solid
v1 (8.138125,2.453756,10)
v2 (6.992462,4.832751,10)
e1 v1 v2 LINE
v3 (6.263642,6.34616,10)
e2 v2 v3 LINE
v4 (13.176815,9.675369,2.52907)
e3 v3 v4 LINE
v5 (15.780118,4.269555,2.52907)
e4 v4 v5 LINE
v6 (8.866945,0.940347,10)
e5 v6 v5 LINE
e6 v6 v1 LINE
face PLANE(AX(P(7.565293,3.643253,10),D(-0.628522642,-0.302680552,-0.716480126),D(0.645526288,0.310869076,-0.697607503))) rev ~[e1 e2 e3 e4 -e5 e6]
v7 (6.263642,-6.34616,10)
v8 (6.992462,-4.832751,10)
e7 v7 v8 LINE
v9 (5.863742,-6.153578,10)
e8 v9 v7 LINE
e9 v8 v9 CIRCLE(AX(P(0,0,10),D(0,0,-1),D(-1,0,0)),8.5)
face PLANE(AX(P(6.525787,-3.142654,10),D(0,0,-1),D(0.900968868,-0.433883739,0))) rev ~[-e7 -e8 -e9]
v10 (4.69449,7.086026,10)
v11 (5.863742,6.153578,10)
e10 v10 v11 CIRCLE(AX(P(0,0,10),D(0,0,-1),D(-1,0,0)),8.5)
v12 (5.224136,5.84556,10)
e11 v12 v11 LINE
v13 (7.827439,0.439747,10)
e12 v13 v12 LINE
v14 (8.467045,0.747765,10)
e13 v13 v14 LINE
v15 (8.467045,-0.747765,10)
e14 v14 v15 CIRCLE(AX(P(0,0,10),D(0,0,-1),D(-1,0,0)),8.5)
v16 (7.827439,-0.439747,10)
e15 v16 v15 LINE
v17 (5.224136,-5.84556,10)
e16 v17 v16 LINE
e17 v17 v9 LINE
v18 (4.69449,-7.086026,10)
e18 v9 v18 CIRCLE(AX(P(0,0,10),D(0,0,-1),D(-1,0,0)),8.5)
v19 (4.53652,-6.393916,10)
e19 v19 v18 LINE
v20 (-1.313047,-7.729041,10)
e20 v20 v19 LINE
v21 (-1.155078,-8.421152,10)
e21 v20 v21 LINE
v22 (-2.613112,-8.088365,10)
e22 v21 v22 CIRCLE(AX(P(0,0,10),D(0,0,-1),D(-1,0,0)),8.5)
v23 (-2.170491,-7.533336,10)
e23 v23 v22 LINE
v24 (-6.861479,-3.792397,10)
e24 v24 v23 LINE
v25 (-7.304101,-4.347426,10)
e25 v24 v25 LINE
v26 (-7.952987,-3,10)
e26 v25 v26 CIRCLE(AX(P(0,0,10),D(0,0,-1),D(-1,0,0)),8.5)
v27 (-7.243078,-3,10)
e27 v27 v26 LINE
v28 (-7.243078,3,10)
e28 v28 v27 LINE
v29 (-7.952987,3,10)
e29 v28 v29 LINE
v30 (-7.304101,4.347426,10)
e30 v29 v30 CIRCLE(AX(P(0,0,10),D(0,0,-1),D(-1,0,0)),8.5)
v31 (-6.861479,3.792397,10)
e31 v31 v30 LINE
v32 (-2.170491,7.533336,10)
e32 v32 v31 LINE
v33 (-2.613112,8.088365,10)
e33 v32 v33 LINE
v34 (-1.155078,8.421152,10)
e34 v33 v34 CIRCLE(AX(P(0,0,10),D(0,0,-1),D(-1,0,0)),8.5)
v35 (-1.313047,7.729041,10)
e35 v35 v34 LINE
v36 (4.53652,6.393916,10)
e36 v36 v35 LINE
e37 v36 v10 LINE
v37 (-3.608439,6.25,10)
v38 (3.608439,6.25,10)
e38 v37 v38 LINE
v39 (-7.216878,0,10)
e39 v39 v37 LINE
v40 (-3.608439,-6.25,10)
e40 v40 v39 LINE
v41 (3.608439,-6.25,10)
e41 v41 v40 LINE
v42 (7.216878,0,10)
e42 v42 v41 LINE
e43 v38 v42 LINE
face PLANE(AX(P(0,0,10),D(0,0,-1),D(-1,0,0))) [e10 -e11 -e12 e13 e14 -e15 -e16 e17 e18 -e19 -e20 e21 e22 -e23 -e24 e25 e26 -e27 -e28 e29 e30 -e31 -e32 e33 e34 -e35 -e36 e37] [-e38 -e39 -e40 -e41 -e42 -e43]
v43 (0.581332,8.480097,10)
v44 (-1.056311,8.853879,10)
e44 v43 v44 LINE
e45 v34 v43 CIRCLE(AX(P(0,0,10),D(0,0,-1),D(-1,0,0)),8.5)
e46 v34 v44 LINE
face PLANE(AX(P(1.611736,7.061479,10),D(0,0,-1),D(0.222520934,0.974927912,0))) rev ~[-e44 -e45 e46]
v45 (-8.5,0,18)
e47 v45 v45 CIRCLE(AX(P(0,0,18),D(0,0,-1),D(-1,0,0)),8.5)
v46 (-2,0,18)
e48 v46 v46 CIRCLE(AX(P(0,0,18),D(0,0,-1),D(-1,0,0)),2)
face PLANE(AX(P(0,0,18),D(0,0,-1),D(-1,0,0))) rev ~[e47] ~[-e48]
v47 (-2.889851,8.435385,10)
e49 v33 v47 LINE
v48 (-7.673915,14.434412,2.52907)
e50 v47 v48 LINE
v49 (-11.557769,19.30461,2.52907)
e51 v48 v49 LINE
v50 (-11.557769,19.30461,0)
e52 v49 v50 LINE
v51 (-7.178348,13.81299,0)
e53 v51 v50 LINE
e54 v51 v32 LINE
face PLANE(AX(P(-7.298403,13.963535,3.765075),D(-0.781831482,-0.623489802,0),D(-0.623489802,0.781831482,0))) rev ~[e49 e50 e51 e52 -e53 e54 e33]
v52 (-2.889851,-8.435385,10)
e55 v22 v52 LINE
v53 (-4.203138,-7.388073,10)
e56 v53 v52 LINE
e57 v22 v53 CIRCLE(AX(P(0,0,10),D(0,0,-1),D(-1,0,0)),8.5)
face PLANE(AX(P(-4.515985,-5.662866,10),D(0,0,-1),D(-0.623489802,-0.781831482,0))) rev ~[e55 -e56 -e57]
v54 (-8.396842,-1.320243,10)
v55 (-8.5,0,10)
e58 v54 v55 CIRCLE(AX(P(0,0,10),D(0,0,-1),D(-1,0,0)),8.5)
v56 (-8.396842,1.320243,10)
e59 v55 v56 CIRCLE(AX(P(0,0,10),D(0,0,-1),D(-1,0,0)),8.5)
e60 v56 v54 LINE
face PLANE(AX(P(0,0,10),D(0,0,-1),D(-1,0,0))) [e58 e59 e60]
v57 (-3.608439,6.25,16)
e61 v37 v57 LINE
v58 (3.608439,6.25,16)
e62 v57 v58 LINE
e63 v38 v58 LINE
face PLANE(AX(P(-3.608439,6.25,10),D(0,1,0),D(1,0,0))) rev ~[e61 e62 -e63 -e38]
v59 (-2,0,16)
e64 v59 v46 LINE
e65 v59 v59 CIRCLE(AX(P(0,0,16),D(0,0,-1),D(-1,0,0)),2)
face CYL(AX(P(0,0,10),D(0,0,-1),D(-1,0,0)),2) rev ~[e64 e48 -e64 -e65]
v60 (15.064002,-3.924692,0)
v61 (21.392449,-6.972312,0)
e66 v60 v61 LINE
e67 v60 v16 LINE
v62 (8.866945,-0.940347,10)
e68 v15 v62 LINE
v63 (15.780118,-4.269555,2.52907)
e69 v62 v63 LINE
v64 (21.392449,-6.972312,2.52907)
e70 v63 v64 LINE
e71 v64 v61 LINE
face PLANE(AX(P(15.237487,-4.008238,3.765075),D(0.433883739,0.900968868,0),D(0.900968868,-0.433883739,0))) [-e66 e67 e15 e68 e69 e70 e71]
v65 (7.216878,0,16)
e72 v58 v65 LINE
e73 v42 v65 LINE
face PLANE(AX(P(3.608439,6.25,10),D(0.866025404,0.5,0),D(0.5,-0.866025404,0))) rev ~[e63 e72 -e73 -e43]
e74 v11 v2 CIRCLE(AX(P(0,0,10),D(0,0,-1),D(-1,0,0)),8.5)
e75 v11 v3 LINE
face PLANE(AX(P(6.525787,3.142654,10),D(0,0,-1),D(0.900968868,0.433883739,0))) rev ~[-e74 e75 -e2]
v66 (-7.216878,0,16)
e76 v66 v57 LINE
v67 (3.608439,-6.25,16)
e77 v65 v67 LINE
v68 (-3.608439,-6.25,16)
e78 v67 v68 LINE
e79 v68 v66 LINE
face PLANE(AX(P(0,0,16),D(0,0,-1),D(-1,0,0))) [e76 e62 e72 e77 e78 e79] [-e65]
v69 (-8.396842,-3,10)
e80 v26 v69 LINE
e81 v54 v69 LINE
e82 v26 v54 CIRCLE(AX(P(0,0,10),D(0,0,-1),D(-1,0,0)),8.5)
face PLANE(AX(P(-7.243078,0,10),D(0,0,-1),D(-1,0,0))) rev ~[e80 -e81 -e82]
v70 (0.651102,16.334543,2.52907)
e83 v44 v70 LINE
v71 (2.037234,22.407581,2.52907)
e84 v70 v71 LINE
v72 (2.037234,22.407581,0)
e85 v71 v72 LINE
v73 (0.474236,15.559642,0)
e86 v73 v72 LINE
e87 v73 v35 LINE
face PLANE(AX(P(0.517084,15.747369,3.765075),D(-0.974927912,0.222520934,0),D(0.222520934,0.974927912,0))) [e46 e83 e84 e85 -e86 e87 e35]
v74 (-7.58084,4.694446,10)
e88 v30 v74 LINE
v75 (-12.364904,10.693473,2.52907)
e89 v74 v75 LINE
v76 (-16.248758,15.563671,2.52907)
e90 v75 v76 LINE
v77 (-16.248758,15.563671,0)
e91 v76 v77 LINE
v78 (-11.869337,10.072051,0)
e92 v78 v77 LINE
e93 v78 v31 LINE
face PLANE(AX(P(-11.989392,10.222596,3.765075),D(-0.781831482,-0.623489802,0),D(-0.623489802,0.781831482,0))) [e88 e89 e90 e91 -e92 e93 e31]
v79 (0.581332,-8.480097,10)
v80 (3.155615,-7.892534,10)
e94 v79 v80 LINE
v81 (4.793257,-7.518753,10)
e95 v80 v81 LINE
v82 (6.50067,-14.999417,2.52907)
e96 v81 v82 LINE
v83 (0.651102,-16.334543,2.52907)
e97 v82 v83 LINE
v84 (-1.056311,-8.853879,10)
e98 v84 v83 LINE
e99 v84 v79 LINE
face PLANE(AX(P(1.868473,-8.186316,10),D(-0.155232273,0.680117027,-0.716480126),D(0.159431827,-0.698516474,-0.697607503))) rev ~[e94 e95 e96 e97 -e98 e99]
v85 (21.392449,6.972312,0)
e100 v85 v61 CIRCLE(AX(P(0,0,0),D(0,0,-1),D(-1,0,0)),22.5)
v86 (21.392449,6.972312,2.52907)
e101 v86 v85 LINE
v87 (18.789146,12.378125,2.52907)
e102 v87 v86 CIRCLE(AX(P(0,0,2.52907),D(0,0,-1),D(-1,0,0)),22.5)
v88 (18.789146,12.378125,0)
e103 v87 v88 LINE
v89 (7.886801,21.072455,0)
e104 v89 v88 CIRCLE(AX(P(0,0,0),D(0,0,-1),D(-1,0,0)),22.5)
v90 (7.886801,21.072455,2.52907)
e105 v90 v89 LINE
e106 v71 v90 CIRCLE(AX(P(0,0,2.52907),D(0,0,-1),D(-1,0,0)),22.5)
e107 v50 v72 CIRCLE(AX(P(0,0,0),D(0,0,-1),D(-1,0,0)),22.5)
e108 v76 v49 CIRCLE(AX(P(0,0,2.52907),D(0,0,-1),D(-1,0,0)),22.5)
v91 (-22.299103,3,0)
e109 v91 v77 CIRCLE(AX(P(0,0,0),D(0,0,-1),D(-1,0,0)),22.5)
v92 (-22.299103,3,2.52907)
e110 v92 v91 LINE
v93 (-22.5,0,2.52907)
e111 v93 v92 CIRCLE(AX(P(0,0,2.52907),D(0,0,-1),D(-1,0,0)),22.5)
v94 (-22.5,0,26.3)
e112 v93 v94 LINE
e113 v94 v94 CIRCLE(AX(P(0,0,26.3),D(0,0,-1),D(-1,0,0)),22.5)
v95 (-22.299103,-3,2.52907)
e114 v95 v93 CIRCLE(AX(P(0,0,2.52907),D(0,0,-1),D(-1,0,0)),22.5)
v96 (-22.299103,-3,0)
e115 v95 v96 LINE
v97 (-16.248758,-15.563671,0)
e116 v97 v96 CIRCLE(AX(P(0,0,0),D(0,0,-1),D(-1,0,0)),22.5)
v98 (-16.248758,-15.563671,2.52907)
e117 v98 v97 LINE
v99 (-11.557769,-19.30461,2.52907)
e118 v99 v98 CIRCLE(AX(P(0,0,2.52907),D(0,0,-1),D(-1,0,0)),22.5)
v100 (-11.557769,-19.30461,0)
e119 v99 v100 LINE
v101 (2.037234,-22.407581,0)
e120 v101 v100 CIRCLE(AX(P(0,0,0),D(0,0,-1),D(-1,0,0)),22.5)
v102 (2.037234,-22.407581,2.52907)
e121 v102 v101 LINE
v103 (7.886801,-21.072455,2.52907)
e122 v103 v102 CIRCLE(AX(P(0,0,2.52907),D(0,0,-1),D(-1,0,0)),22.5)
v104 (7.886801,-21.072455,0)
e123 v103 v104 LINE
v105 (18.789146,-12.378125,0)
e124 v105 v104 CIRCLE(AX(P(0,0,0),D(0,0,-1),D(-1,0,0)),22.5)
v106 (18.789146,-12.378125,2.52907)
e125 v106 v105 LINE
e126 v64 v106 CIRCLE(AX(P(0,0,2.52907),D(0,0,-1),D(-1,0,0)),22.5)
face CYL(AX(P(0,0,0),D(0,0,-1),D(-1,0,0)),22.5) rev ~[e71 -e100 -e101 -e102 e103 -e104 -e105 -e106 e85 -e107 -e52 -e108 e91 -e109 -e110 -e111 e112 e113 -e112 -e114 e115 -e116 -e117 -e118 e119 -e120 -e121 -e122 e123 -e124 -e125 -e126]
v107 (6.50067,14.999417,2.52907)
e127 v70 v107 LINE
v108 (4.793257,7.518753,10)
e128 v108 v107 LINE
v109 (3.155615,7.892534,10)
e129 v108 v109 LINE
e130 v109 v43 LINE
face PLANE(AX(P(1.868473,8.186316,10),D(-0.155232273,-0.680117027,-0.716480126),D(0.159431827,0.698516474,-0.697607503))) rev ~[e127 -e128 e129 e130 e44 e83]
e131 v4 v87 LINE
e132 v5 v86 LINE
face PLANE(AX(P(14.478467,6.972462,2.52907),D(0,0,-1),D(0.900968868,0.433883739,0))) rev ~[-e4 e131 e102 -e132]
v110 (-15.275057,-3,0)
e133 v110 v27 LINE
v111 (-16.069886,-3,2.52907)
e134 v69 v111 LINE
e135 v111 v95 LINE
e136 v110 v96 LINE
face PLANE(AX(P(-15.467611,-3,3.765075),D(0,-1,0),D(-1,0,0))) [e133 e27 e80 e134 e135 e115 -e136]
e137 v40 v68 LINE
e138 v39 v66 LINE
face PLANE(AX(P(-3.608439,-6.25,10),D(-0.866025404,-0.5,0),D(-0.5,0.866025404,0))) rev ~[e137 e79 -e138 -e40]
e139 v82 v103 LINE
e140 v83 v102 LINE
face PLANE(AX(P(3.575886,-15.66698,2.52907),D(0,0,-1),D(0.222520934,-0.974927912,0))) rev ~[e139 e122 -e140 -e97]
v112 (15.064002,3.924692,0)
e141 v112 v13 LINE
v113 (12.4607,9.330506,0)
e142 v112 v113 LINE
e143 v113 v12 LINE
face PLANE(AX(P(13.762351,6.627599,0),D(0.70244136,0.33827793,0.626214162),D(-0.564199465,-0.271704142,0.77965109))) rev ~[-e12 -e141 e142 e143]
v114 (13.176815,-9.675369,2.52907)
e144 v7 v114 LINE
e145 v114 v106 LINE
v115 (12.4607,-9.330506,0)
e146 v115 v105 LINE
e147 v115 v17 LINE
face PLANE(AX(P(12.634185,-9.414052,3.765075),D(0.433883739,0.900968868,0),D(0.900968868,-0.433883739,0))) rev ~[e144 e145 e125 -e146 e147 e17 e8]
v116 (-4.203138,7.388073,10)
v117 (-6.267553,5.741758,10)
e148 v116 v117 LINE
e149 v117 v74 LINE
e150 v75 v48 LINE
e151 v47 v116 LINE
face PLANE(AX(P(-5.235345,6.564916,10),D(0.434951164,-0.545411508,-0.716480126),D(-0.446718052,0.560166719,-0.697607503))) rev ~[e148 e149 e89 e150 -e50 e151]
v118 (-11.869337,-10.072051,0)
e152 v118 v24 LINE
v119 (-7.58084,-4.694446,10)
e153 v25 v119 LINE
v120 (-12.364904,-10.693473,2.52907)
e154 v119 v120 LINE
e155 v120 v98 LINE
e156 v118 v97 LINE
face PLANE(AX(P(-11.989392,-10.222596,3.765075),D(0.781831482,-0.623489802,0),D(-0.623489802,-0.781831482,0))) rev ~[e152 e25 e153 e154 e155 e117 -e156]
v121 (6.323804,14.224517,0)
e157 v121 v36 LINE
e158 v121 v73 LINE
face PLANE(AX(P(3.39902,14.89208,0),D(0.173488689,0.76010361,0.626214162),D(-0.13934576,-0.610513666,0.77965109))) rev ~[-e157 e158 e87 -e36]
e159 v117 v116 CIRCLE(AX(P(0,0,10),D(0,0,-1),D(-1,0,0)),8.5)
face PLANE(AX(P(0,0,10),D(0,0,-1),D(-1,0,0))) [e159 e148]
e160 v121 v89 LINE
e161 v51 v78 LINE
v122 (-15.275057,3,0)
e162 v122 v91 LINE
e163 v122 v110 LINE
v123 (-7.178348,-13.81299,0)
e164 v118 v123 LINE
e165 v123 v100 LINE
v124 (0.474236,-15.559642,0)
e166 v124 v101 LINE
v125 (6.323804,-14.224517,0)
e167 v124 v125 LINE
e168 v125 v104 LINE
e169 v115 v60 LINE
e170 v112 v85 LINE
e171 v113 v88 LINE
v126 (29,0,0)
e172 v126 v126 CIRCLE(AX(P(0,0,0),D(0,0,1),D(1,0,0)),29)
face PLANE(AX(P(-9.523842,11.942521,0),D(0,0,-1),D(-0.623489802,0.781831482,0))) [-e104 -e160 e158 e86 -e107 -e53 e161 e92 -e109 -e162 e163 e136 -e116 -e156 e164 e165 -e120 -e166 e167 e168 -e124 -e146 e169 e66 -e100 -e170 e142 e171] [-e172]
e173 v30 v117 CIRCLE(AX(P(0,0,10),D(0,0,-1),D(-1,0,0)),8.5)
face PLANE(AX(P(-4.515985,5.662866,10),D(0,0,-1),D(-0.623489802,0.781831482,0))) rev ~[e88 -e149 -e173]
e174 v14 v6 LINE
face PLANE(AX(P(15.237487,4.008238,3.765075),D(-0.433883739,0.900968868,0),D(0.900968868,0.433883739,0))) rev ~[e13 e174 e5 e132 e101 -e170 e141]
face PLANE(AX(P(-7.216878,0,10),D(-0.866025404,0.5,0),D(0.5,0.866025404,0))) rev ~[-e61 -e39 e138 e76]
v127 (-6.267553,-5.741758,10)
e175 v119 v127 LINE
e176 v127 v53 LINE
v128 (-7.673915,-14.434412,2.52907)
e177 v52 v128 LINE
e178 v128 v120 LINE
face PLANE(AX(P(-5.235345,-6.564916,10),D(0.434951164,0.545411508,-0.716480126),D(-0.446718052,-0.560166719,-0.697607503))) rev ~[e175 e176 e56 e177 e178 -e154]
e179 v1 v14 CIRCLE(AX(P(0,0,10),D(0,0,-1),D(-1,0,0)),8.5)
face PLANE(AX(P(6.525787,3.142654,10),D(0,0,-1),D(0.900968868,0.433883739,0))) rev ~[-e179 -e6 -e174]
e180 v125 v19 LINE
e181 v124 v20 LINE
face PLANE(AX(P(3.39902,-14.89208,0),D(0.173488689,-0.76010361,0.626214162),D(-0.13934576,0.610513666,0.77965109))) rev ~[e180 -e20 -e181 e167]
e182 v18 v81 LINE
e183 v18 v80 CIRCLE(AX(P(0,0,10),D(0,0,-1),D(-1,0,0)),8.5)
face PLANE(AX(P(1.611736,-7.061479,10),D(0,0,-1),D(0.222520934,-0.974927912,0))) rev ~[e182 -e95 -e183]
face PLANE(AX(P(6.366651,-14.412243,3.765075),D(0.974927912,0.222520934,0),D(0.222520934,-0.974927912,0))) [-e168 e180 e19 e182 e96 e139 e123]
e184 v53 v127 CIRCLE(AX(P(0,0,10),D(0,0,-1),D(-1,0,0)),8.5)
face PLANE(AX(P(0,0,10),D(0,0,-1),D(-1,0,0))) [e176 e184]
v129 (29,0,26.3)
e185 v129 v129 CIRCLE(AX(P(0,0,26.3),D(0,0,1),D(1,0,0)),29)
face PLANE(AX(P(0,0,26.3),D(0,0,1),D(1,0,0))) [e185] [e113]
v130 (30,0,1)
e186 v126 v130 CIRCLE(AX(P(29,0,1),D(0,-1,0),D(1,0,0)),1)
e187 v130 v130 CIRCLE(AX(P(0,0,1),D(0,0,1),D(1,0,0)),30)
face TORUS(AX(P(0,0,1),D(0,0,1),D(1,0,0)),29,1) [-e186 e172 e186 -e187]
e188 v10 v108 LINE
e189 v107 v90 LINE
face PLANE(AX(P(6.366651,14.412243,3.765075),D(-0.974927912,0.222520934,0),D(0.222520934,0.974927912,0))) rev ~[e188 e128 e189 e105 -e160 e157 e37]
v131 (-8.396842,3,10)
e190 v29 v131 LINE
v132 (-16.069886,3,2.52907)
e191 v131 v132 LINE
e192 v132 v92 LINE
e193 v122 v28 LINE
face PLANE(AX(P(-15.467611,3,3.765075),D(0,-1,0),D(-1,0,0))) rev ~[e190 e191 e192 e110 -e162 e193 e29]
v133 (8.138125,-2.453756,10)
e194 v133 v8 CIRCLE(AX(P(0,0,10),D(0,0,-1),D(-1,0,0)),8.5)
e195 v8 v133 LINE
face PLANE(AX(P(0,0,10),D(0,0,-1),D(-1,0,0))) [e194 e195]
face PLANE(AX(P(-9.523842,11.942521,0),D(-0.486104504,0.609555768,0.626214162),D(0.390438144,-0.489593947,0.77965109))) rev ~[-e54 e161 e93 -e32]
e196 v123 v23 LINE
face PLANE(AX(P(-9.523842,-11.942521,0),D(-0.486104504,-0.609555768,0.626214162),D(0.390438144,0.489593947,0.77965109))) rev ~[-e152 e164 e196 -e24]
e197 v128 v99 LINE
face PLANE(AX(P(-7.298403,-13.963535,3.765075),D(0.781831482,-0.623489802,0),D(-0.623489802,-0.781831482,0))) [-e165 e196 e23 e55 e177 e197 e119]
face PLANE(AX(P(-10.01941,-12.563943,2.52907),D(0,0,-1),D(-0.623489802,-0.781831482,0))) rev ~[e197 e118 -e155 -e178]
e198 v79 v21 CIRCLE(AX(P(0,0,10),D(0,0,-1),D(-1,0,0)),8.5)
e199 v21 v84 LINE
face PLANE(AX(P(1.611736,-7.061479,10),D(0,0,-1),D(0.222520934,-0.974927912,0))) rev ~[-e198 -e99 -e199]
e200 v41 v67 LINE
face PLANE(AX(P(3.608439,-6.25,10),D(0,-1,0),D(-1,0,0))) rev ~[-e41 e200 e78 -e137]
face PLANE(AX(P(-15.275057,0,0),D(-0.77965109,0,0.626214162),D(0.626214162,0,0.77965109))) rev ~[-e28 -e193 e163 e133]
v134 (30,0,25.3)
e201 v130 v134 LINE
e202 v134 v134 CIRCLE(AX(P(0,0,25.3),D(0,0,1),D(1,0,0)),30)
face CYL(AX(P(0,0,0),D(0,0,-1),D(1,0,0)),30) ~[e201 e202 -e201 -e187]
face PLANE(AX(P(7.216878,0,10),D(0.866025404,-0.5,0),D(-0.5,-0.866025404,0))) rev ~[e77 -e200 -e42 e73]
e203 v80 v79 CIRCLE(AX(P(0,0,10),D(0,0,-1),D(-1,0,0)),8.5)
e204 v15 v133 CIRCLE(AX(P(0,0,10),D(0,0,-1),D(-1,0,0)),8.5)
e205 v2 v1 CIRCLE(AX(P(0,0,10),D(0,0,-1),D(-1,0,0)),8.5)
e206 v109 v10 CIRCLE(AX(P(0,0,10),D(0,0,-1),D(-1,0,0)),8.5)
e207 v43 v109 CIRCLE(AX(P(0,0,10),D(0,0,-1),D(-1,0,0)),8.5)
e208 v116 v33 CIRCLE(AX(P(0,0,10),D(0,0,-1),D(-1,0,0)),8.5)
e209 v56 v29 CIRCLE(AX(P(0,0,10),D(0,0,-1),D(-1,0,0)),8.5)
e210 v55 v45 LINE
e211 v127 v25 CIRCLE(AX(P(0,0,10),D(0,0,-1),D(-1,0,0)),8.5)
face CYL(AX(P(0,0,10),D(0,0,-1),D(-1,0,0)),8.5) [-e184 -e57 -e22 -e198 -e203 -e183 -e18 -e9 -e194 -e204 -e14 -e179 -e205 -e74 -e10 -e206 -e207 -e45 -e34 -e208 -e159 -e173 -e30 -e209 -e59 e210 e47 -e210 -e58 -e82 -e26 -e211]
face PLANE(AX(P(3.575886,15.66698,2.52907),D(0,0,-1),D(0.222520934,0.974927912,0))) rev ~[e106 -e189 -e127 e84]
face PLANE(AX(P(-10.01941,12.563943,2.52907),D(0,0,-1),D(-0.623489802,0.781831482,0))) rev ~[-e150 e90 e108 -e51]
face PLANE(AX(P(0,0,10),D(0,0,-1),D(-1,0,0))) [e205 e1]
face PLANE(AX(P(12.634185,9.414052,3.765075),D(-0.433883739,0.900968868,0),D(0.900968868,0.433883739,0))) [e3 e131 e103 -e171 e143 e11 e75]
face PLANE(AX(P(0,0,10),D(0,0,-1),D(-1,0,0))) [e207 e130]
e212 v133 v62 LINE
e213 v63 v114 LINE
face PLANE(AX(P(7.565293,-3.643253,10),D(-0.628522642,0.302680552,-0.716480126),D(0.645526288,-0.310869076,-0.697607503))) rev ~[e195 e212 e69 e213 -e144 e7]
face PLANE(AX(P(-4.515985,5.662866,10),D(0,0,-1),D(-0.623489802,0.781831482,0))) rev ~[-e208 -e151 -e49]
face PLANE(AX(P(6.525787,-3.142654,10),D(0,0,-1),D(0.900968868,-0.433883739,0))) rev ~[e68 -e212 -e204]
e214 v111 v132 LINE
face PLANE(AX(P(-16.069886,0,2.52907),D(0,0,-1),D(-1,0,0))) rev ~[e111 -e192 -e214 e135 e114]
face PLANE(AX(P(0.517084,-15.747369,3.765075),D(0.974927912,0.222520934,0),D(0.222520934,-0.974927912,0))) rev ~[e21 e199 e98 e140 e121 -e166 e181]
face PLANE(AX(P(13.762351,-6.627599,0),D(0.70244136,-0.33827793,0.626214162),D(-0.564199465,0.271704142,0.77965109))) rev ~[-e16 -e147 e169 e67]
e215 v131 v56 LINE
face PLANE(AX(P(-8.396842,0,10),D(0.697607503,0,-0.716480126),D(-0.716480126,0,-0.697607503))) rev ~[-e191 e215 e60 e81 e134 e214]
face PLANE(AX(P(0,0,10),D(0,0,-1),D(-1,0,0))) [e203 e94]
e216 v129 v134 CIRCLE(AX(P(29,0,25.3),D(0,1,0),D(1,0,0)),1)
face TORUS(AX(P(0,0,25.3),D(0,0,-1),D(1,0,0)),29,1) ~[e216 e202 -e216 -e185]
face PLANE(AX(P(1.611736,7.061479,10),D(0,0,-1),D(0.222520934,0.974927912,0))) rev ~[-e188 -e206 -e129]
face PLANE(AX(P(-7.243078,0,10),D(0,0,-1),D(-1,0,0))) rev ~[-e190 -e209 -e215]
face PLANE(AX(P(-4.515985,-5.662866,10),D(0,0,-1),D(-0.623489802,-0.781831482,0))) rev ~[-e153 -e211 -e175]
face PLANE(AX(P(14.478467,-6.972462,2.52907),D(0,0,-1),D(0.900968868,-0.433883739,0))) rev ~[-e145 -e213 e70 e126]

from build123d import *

# Parameters (mm, degrees)
SKETCH_1_R               = 30
EXTRUDE_1_DEPTH          = 26.3
SKETCH_2_R               = 22.5
CUT_EXTRUDE_1_DEPTH      = 27.3
SKETCH_3_R               = 8.5
SKETCH_3_R_2             = 2
EXTRUDE_2_DEPTH          = 8
CUT_EXTRUDE_2_DEPTH      = 6
EXTRUDE_3_DEPTH          = 3
PATTERN_CIRCULAR_1_COUNT = 7
FILLET_1_R               = 1


with BuildPart() as part:
    # 草图1 → 凸台-拉伸1 (new body)
    with BuildSketch(Plane.XY):
        Circle(SKETCH_1_R)
    extrude(amount=EXTRUDE_1_DEPTH)

    # 草图2 → 切除-拉伸1 (cut, through all)
    with BuildSketch(Plane(origin=(0, 0, 0), x_dir=(-1, 0, 0), z_dir=(0, 0, -1))):
        Circle(SKETCH_2_R)
    extrude(amount=-CUT_EXTRUDE_1_DEPTH, mode=Mode.SUBTRACT)



with BuildPart() as body_2:
    # 草图3 → 凸台-拉伸2 (new body)
    with BuildSketch(Plane(origin=(0, 0, 10), x_dir=(-1, 0, 0), z_dir=(0, 0, -1))):
        Circle(SKETCH_3_R)
        Circle(SKETCH_3_R_2, mode=Mode.SUBTRACT)
    extrude(amount=-EXTRUDE_2_DEPTH)

    # 草图4 → 切除-拉伸2 (cut)
    with BuildSketch(Plane(origin=(0, 0, 10), x_dir=(-1, 0, 0), z_dir=(0, 0, -1))):
        Polygon((7.216878365, 0), (3.608439182, 6.25), (-3.608439182, 6.25), (-7.216878365, 0), (-3.608439182, -6.25), (3.608439182, -6.25), align=None)
    extrude(amount=-CUT_EXTRUDE_2_DEPTH, mode=Mode.SUBTRACT)


with BuildPart() as part_1:
    add(part.part)

    add(body_2.part)  # 凸台-拉伸3 merges body 2
    # 草图5 → 凸台-拉伸3 (add, symmetric)
    with BuildSketch(Plane(origin=(0, 0, 0), x_dir=(1, 0, 0), z_dir=(0, 1, 0))):
        Polygon((-22.5, 0), (-15.275057212, 0), (-7.243077648, -10), (-8.396842229, -10), (-16.069885632, -2.529070305), (-24.164958171, -2.529070305), (-24.164958171, 0), align=None)
    extrude_3 = extrude(amount=EXTRUDE_3_DEPTH, both=True)

    # 阵列(圆周)1: 凸台-拉伸3 ×7 about axis
    pattern_circular_1_axis = Axis((0, 0, 0), (0, 0, 1))
    for i in range(1, PATTERN_CIRCULAR_1_COUNT):
        add(extrude_3.rotate(pattern_circular_1_axis, i * 360 / PATTERN_CIRCULAR_1_COUNT))

    # 圆角1
    fillet_1_edges = [part_1.edges().sort_by_distance(p)[0] for p in [
        (-30, 0, 0),
        (-30, 0, 26.3),
    ]]
    fillet(fillet_1_edges, radius=FILLET_1_R)


solid = part_1.part
